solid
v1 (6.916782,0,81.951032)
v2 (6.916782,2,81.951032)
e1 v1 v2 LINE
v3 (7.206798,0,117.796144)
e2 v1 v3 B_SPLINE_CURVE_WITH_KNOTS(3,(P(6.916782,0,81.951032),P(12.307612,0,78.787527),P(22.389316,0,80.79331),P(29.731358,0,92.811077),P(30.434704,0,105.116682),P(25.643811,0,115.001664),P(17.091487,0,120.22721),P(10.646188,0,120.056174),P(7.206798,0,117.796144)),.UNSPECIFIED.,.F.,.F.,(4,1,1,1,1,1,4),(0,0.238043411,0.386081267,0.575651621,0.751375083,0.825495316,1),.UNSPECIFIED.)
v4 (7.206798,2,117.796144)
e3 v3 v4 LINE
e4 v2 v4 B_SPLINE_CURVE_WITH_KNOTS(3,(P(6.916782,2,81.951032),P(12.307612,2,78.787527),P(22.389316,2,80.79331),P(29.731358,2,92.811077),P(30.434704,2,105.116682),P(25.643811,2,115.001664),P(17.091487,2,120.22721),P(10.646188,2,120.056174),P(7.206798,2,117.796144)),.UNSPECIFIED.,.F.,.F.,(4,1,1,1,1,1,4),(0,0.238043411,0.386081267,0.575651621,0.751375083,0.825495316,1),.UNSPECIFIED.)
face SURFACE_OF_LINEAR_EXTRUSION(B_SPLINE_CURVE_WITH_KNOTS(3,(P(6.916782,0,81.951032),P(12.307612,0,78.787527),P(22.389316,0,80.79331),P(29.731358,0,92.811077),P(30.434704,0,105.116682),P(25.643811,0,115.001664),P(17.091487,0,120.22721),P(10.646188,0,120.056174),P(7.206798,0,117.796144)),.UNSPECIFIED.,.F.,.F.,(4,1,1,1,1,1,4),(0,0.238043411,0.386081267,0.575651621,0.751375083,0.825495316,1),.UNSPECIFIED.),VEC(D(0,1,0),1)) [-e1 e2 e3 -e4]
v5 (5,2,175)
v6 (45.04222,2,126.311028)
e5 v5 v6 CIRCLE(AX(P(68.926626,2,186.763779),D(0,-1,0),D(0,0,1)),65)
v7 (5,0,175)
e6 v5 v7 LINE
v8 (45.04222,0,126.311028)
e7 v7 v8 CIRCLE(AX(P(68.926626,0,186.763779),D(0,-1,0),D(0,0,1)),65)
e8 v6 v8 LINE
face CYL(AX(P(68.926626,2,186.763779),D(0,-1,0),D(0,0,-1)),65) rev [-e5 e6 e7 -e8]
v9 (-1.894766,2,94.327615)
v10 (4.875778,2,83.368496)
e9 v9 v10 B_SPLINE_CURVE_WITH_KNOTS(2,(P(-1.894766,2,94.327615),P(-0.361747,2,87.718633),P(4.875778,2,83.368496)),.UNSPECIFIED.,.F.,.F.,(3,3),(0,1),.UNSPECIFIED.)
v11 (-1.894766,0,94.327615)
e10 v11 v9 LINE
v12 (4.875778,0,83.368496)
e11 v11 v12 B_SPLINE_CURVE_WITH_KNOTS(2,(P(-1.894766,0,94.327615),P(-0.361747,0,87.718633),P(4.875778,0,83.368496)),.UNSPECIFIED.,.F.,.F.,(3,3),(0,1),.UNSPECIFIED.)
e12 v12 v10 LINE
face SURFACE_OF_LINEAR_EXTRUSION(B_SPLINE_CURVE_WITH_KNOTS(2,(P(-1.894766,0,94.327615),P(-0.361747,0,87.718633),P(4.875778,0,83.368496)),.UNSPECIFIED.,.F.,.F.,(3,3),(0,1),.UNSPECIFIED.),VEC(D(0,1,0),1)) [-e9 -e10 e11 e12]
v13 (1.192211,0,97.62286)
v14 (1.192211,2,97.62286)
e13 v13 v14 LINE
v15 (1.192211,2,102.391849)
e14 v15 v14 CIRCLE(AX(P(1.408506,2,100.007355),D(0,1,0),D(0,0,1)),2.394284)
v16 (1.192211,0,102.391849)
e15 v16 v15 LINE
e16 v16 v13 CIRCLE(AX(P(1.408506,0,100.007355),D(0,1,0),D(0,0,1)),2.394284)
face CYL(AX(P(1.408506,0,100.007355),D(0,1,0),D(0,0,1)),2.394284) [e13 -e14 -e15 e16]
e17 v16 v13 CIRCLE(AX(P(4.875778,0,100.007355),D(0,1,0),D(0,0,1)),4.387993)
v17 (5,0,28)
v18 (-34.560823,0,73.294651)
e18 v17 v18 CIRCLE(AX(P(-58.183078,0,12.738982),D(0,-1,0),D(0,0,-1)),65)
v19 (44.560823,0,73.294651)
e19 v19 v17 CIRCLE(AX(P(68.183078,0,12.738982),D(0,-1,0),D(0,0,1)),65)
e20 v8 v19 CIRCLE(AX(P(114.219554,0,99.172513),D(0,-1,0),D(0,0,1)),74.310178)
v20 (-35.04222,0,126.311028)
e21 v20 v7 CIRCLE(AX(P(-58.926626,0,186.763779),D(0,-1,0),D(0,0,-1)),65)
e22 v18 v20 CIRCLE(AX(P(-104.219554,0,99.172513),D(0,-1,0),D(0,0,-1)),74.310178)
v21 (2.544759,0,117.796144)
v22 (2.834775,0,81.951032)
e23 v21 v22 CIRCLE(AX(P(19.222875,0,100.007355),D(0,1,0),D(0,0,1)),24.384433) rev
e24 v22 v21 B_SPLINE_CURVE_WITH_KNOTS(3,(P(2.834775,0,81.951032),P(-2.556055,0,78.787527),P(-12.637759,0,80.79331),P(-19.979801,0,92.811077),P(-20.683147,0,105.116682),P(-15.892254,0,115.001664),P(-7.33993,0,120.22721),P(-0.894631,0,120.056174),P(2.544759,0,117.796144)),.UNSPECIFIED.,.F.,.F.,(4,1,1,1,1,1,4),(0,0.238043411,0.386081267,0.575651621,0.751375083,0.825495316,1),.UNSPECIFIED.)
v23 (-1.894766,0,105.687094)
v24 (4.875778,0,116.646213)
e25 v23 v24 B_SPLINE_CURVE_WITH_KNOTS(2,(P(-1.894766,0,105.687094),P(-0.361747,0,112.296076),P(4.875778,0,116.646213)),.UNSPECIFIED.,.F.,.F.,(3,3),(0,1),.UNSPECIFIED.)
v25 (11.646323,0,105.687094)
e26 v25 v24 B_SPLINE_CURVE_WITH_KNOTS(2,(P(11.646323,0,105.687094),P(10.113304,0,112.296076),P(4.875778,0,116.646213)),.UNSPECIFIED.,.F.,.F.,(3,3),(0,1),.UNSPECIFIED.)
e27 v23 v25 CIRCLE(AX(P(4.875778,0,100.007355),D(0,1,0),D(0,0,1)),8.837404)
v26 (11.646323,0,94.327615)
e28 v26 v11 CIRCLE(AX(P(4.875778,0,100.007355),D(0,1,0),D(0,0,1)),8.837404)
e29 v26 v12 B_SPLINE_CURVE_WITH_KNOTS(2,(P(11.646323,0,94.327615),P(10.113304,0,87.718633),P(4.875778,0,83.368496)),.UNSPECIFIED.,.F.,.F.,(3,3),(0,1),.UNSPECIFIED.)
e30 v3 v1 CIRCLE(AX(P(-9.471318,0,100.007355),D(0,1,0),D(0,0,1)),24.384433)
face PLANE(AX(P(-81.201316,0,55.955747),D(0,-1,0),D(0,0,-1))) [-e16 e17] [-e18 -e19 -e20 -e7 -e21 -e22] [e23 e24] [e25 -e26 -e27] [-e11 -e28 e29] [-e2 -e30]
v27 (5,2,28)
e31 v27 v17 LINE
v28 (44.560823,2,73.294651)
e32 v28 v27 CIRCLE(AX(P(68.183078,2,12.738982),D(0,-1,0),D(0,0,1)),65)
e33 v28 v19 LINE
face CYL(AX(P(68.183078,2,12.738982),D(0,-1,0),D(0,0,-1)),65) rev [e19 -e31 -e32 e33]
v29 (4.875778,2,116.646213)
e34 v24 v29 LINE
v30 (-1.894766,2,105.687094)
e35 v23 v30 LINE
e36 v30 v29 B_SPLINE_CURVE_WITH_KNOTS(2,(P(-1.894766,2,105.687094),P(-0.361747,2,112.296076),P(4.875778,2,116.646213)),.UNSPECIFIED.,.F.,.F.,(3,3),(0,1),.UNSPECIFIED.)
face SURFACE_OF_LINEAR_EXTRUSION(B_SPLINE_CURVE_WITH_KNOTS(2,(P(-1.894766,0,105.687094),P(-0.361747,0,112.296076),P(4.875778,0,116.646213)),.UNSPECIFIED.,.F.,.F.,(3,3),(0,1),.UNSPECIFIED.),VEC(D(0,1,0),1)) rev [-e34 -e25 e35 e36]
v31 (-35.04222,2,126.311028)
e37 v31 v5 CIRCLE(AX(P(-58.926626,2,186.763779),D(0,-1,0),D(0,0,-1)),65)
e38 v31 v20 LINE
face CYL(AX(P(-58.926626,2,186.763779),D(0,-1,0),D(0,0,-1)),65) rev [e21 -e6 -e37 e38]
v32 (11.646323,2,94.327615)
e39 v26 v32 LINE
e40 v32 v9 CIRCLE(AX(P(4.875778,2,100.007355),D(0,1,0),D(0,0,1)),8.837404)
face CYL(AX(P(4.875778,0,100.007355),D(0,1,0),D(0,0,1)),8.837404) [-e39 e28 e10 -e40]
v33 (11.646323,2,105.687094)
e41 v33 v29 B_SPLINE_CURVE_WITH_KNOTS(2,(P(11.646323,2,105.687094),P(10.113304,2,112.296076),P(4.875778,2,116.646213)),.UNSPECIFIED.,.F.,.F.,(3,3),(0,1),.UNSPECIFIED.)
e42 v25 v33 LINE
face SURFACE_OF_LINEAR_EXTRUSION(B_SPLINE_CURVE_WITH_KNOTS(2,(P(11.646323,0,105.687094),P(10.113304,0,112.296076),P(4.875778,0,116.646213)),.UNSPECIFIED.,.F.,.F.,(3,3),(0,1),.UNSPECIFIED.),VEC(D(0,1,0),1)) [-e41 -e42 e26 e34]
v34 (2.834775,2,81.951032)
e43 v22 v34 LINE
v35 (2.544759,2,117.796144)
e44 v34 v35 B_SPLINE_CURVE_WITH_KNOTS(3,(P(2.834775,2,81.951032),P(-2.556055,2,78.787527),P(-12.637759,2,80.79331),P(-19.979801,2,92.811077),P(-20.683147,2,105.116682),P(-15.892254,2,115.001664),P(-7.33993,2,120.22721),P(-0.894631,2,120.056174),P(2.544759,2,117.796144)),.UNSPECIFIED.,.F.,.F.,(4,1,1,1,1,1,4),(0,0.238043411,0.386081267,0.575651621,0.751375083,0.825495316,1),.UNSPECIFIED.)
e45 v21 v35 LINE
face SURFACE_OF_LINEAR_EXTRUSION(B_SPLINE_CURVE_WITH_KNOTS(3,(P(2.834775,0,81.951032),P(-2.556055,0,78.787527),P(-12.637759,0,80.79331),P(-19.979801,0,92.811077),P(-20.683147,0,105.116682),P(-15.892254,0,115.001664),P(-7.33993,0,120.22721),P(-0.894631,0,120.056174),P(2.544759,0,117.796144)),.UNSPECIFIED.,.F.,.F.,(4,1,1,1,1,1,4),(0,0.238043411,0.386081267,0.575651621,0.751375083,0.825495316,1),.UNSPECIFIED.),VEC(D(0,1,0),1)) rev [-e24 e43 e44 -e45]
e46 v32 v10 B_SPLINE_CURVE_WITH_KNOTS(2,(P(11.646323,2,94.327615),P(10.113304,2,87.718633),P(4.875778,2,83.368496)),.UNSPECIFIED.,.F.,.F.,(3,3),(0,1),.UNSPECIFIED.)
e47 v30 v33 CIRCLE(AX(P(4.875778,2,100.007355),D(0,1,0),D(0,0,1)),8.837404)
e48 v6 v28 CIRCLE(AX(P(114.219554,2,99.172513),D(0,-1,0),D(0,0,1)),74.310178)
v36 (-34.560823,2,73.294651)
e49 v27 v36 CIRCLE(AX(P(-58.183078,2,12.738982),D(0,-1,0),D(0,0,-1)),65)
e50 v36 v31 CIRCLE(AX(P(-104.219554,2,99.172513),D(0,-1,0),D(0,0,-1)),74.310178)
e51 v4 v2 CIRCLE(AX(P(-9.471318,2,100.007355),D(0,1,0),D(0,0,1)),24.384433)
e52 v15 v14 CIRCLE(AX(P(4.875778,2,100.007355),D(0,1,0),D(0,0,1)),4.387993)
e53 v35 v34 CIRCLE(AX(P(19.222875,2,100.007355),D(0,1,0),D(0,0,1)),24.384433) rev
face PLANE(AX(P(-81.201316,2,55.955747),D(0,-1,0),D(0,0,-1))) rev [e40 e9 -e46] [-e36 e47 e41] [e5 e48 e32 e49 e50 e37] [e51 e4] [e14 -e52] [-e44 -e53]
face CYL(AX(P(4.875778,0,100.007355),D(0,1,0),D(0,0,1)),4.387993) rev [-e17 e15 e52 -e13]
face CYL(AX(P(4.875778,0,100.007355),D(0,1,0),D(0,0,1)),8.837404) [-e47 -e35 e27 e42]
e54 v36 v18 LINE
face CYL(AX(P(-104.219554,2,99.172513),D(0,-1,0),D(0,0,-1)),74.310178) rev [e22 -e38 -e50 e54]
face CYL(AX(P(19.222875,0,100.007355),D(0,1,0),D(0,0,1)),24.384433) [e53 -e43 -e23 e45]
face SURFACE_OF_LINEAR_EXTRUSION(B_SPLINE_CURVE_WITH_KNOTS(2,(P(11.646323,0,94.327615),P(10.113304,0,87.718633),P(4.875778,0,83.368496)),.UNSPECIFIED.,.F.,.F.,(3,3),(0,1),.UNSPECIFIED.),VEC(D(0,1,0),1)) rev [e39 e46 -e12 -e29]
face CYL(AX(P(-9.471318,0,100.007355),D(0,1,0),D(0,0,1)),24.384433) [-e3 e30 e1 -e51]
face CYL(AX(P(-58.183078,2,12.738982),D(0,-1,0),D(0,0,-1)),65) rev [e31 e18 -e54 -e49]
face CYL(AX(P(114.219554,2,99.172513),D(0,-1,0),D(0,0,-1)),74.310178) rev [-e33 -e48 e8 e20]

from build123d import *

# Parameters (mm, degrees)
EXTRUDE_1_DEPTH     = 2
CUT_EXTRUDE_2_DEPTH = 3


with BuildPart() as part:
    # Эскиз2 → Бобышка-Вытянуть1 (new body)
    with BuildSketch(Plane(origin=(0, 0, 0), x_dir=(1, 0, 0), z_dir=(0, 1, 0))):
        with BuildLine():
            ThreePointArc((-34.560822595, -73.294650793), (-29.912438938, -99.847233064), (-35.042219755, -126.311028042))
            ThreePointArc((-35.042219755, -126.311028042), (-8.723554926, -145.4763519), (4.999999999, -175))
            ThreePointArc((4.999999999, -175), (18.723554924, -145.4763519), (45.042219753, -126.311028042))
            ThreePointArc((45.042219753, -126.311028042), (39.912438936, -99.847233064), (44.560822593, -73.294650793))
            ThreePointArc((44.560822593, -73.294650793), (19.227048475, -55.497690672), (4.999999999, -28))
            ThreePointArc((4.999999999, -28), (-9.227048477, -55.497690672), (-34.560822595, -73.294650793))
        make_face()
    extrude(amount=EXTRUDE_1_DEPTH)

    # Эскиз5 → Вырез-Вытянуть2 (cut, through all)
    with BuildSketch(Plane(origin=(0, 2, 0), x_dir=(1, 0, 0), z_dir=(0, 1, 0))):
        with BuildLine():
            ThreePointArc((1.1922114, -102.391848867), (9.263771174, -100.007354542), (1.1922114, -97.622860217))
            ThreePointArc((1.1922114, -97.622860217), (3.802790428, -100.007354542), (1.1922114, -102.391848867))
        make_face()
        with BuildLine():
            ThreePointArc((-1.894766012, -94.327614743), (4.875778497, -91.169950109), (11.646323005, -94.327614743))
            add(Edge.make_bspline(
                [(11.646323005, -94.327614743), (10.113303771, -87.718633088), (4.875778497, -83.368495621)],
                knots=[0, 0, 0, 1, 1, 1], degree=2))
            add(Edge.make_bspline(
                [(-1.894766012, -94.327614743), (-0.361746778, -87.718633088), (4.875778497, -83.368495621)],
                knots=[0, 0, 0, 1, 1, 1], degree=2))
        make_face()
        with BuildLine():
            add(Edge.make_bspline(
                [(11.646323005, -105.687094341), (10.113303771, -112.296075996), (4.875778497, -116.646213463)],
                knots=[0, 0, 0, 1, 1, 1], degree=2))
            ThreePointArc((11.646323005, -105.687094341), (4.875778497, -108.844758976), (-1.894766012, -105.687094341))
            add(Edge.make_bspline(
                [(-1.894766012, -105.687094341), (-0.361746778, -112.296075996), (4.875778497, -116.646213463)],
                knots=[0, 0, 0, 1, 1, 1], degree=2))
        make_face()
        with BuildLine():
            ThreePointArc((6.916781621, -81.95103194), (14.912317424, -99.810070996), (7.206797889, -117.796144427))
            add(Edge.make_bspline(
                [(6.916781621, -81.95103194), (12.307611516, -78.787526654), (22.389316178, -80.793310488), (29.731357531, -92.811077081), (30.434704422, -105.116682284), (25.64381117, -115.001664232), (17.091486552, -120.227210357), (10.646188457, -120.056173748), (7.206797889, -117.796144427)],
                knots=[0, 0, 0, 0, 0.238043411, 0.386081267, 0.575651621, 0.751375083, 0.825495316, 1, 1, 1, 1], degree=3))
        make_face()
        with BuildLine():
            ThreePointArc((2.544759104, -117.796144427), (-5.160760431, -99.810070996), (2.834775372, -81.95103194))
            add(Edge.make_bspline(
                [(2.834775372, -81.95103194), (-2.556054523, -78.787526654), (-12.637759184, -80.793310488), (-19.979800538, -92.811077081), (-20.683147428, -105.116682284), (-15.892254177, -115.001664232), (-7.339929559, -120.227210357), (-0.894631464, -120.056173748), (2.544759104, -117.796144427)],
                knots=[0, 0, 0, 0, 0.238043411, 0.386081267, 0.575651621, 0.751375083, 0.825495316, 1, 1, 1, 1], degree=3))
        make_face()
    extrude(amount=-CUT_EXTRUDE_2_DEPTH, mode=Mode.SUBTRACT)


solid = part.part
